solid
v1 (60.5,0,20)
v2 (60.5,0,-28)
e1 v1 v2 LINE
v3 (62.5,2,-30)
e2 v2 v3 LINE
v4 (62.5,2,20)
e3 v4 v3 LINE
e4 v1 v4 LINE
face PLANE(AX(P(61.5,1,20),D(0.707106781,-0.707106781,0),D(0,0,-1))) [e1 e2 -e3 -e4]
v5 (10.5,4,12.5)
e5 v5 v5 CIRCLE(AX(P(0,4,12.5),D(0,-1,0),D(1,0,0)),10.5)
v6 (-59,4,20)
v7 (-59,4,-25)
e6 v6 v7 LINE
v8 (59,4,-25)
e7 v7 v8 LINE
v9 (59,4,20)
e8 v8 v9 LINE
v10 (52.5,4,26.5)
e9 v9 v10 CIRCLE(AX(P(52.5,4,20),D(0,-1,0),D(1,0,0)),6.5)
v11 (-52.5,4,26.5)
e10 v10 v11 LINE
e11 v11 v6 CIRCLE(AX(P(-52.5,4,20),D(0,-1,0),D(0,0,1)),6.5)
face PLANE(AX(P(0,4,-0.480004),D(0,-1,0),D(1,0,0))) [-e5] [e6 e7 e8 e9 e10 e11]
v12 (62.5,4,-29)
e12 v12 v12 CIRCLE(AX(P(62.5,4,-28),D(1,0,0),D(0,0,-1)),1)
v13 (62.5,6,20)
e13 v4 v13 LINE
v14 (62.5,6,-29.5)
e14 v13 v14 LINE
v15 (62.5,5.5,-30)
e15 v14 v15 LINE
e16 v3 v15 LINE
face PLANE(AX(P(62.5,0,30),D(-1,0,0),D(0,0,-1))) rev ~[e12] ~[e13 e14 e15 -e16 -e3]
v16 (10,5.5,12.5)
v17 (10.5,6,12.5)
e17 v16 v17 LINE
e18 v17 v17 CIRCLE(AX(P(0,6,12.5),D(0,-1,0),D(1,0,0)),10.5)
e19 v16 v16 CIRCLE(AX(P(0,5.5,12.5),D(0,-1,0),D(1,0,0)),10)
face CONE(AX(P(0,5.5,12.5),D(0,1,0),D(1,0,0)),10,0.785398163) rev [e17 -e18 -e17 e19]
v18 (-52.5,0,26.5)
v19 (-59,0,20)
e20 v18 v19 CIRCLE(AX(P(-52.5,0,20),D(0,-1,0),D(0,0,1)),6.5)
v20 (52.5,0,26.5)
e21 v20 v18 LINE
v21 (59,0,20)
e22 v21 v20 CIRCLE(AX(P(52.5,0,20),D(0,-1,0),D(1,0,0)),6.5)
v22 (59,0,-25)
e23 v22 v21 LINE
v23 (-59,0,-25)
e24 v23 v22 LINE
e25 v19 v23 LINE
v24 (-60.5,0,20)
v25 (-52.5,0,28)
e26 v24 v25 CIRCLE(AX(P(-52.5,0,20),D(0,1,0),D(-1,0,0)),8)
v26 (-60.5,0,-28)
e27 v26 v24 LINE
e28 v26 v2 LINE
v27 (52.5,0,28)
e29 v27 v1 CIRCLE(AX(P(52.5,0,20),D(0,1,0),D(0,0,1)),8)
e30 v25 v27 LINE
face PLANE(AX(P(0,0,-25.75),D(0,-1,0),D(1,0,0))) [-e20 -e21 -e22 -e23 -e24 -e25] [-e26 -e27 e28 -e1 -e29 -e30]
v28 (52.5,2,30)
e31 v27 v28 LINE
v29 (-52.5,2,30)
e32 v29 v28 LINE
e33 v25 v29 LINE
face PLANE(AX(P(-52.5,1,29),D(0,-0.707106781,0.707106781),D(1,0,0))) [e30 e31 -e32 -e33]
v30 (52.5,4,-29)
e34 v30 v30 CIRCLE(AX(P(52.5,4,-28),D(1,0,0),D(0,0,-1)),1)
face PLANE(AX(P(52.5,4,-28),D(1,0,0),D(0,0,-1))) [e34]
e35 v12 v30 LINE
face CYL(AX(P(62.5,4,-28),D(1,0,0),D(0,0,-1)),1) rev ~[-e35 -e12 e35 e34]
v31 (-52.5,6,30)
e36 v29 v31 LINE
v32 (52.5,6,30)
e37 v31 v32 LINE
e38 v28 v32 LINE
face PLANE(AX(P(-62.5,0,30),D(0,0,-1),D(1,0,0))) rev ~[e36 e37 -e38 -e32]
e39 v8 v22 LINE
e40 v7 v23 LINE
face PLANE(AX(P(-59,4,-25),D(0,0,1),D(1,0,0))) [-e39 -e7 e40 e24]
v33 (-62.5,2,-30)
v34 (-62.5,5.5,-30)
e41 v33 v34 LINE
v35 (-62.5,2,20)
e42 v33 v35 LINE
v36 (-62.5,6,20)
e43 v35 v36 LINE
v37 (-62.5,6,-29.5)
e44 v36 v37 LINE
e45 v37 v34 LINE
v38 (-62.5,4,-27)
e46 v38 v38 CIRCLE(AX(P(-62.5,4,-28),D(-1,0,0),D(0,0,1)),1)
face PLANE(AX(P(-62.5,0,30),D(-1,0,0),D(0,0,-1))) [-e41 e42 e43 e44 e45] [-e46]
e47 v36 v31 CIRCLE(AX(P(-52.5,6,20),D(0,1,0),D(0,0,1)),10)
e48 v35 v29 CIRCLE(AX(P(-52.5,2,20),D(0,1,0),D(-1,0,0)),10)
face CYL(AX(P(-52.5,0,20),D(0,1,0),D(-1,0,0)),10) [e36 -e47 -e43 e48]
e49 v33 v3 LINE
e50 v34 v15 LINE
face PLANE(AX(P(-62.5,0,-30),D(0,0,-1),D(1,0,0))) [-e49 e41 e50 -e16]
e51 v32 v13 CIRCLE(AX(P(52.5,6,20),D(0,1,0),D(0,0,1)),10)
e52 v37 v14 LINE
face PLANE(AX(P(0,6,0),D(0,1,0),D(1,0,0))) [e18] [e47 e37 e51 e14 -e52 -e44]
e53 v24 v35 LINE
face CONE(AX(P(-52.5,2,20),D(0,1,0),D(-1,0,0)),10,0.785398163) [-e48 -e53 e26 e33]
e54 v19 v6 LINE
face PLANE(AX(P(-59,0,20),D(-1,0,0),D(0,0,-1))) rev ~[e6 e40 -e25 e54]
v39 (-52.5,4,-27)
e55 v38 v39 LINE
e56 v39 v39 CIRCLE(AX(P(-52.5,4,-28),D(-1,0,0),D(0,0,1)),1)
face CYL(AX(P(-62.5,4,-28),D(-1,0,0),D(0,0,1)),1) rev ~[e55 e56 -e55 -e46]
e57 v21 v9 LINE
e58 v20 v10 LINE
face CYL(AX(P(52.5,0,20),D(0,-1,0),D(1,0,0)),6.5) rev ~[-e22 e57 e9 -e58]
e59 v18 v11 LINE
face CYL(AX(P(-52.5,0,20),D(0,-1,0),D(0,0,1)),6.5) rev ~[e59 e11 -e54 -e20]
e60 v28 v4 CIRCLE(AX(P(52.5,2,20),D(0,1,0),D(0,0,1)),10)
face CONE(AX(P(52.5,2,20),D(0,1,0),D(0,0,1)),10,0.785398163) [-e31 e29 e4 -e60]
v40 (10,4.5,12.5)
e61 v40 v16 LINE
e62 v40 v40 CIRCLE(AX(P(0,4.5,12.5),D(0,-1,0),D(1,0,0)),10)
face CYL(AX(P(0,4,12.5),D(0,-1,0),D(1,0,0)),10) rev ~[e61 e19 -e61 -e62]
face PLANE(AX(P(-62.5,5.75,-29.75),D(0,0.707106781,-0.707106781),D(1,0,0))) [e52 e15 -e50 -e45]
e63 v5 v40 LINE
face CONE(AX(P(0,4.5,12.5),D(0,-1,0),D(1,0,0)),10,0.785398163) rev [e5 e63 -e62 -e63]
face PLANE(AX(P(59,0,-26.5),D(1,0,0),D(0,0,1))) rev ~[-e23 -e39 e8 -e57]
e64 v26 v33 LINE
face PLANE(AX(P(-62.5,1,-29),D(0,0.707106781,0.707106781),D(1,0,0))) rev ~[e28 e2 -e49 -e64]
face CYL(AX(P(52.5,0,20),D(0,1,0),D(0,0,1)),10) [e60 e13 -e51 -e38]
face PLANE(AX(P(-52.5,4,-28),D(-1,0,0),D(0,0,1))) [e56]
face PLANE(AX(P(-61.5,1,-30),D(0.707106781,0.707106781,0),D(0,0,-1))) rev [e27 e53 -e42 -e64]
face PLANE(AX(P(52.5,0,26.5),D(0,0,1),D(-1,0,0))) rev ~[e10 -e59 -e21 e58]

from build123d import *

# Parameters (mm, degrees)
SKETCH_1_W          = 125
SKETCH_1_H          = 60
EXTRUDE_1_DEPTH     = 6
FILLET_1_R          = 10
CUT_EXTRUDE_1_DEPTH = 4
CHAMFER_1_SIZE      = 2
SKETCH_4_W          = 118
SKETCH_4_H          = 1.5
EXTRUDE_3_DEPTH     = 4
SKETCH_3_R          = 1
CUT_EXTRUDE_2_DEPTH = 10
SKETCH_5_R          = 1
CUT_EXTRUDE_3_DEPTH = 10
SKETCH_6_R          = 10
CUT_EXTRUDE_4_DEPTH = 2
CHAMFER_2_SIZE      = 0.5


with BuildPart() as part:
    # Эскиз1 → Бобышка-Вытянуть1 (new body)
    with BuildSketch(Plane(origin=(0, 0, 0), x_dir=(1, 0, 0), z_dir=(0, 1, 0))):
        Rectangle(SKETCH_1_W, SKETCH_1_H)
    extrude(amount=EXTRUDE_1_DEPTH)

    # Скругление1
    fillet_1_edges = [part.edges().sort_by_distance(p)[0] for p in [
        (62.5, 3, 30),
        (-62.5, 3, 30),
    ]]
    fillet(fillet_1_edges, radius=FILLET_1_R)

    # Эскиз2 → Вырез-Вытянуть1 (cut)
    with BuildSketch(Plane.XZ):
        with BuildLine():
            Line((-59, 20), (-59, -26.5))
            Line((-59, -26.5), (59, -26.5))
            Line((59, -26.5), (59, 20))
            ThreePointArc((59, 20), (57.096194078, 24.596194078), (52.5, 26.5))
            Line((52.5, 26.5), (-52.5, 26.5))
            ThreePointArc((-52.5, 26.5), (-57.096194078, 24.596194078), (-59, 20))
        make_face()
    extrude(amount=-CUT_EXTRUDE_1_DEPTH, mode=Mode.SUBTRACT)

    # Фаска1
    chamfer_1_edges = [part.edges().sort_by_distance(p)[0] for p in [
        (0, 0, 30),
        (62.5, 0, -5),
        (59.571067812, 0, 27.071067812),
        (-59.571067812, 0, 27.071067812),
        (-62.5, 0, -5),
        (0, 0, -30),
    ]]
    chamfer(chamfer_1_edges, length=CHAMFER_1_SIZE)

    # Эскиз4 → Бобышка-Вытянуть3 (add)
    with BuildSketch(Plane.XZ.offset(-4)):
        with Locations((0, -25.75)):
            Rectangle(SKETCH_4_W, SKETCH_4_H)
    extrude(amount=EXTRUDE_3_DEPTH)

    # Эскиз3 → Вырез-Вытянуть2 (cut)
    with BuildSketch(Plane(origin=(62.5, 0, 0), x_dir=(0, 0, -1), z_dir=(1, 0, 0))):
        with Locations((28, 4)):
            Circle(SKETCH_3_R)
    extrude(amount=-CUT_EXTRUDE_2_DEPTH, mode=Mode.SUBTRACT)

    # Эскиз5 → Вырез-Вытянуть3 (cut)
    with BuildSketch(Plane.ZY.offset(62.5)):
        with Locations((-28, 4)):
            Circle(SKETCH_5_R)
    extrude(amount=-CUT_EXTRUDE_3_DEPTH, mode=Mode.SUBTRACT)

    # Эскиз6 → Вырез-Вытянуть4 (cut)
    with BuildSketch(Plane.XZ.offset(-4)):
        with Locations((0, 12.5)):
            Circle(SKETCH_6_R)
    extrude(amount=-CUT_EXTRUDE_4_DEPTH, mode=Mode.SUBTRACT)

    # Фаска2
    chamfer_2_edges = [part.edges().sort_by_distance(p)[0] for p in [
        (0, 6, -30),
        (-10, 4, 12.5),
        (-10, 6, 12.5),
    ]]
    chamfer(chamfer_2_edges, length=CHAMFER_2_SIZE)


solid = part.part
